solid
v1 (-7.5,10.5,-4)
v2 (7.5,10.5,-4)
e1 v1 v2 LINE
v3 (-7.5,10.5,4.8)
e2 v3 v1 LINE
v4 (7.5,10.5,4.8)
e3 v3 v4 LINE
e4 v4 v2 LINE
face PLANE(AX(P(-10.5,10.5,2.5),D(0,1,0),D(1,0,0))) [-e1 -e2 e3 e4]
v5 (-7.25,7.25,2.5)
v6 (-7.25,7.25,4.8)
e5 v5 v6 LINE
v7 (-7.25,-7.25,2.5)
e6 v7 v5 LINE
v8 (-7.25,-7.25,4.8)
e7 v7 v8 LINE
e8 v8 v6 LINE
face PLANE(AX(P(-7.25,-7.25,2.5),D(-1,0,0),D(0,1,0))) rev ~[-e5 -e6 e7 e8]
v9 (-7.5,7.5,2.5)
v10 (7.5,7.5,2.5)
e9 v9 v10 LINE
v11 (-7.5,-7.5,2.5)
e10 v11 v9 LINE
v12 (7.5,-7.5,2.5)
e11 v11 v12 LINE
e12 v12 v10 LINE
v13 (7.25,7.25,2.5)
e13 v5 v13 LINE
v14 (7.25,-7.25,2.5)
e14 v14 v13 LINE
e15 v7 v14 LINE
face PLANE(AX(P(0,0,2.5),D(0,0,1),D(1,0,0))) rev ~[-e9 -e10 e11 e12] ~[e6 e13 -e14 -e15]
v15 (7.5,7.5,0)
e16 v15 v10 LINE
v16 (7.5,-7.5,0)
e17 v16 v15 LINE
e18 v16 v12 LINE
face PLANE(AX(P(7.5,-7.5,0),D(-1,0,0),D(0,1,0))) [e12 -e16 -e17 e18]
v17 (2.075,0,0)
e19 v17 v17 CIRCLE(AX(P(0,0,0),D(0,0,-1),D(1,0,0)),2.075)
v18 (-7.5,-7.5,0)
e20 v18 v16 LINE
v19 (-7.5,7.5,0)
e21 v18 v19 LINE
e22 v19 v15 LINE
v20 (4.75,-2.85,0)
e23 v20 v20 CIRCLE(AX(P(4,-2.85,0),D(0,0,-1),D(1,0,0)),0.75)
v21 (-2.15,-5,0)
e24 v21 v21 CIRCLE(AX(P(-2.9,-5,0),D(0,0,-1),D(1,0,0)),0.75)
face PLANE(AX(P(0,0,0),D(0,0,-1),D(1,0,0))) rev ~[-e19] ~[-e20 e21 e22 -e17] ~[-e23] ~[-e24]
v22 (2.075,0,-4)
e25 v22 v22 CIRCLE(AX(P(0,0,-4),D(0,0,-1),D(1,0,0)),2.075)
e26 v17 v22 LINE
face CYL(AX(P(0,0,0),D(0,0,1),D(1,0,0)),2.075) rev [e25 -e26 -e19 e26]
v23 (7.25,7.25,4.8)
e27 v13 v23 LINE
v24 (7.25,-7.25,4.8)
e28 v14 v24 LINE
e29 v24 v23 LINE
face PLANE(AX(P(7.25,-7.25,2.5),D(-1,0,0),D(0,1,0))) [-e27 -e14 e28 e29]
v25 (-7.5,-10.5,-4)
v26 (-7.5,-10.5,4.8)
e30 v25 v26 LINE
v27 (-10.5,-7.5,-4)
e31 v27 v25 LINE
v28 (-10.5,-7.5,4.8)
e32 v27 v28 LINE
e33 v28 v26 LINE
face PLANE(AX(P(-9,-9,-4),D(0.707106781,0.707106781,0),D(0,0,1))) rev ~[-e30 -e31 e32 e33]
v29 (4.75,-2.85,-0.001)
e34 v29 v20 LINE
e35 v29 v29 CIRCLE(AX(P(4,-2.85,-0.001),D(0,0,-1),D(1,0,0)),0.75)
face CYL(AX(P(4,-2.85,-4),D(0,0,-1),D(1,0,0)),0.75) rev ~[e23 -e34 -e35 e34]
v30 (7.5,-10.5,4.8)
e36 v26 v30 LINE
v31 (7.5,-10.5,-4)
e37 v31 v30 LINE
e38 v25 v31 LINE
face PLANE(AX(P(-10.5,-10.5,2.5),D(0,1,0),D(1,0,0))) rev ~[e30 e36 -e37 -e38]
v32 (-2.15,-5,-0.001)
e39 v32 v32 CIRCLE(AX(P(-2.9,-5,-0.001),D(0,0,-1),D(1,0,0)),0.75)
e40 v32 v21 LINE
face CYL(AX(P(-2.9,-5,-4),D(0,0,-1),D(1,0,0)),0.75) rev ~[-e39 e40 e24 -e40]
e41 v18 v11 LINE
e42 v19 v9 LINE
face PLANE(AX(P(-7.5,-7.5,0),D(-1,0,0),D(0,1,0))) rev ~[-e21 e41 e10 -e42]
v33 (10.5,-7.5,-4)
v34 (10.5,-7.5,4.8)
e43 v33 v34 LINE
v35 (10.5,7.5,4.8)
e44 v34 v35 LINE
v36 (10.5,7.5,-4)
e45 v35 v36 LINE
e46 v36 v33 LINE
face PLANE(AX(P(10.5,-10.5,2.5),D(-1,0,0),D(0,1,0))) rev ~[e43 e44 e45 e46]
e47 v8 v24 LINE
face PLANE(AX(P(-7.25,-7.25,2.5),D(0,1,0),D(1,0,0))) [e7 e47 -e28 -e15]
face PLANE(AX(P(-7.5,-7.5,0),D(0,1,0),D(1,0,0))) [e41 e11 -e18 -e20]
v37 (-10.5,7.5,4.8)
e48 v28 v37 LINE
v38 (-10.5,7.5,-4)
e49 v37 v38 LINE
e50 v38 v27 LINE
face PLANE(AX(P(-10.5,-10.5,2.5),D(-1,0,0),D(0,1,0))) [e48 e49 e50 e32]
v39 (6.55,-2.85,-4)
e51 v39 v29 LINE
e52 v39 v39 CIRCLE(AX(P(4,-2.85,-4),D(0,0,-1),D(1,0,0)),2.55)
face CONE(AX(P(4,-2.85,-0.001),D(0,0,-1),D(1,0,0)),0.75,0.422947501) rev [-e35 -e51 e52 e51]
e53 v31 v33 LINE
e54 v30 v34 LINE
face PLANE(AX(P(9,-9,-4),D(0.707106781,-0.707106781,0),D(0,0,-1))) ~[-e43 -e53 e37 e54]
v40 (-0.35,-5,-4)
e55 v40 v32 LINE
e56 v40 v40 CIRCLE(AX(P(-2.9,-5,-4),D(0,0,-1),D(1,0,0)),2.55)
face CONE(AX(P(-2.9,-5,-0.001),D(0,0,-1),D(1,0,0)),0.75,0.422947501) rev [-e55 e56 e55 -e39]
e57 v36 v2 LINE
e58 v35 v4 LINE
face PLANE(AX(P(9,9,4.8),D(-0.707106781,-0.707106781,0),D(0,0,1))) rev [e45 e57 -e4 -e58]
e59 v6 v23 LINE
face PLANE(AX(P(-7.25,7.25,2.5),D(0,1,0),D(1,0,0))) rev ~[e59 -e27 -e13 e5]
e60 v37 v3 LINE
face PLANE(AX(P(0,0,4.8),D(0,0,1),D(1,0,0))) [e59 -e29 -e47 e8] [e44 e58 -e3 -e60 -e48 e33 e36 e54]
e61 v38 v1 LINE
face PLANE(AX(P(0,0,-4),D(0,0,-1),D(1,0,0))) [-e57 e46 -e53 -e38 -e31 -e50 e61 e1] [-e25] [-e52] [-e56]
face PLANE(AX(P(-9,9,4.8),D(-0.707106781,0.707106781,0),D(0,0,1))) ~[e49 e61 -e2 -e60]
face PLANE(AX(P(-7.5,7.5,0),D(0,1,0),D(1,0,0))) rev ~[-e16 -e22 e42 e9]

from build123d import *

# Parameters (mm, degrees)
SKETCH_W         = 21
SKETCH_H         = 21
SKETCH_W_2       = 15
SKETCH_H_2       = 15
PAD_DEPTH        = 2.5
SKETCH001_W      = 21
SKETCH001_H      = 21
SKETCH001_R      = 2.075
PAD001_DEPTH     = 4
SKETCH002_W      = 21
SKETCH002_H      = 21
SKETCH002_W_2    = 14.5
SKETCH002_H_2    = 14.5
PAD002_DEPTH     = 2.3
CHAMFER_SIZE     = 3
SKETCH003_R      = 0.75
POCKET_DEPTH     = 8.801
CHAMFER001_SIZE2 = 3.999
CHAMFER001_SIZE  = 1.8


with BuildPart() as part:
    # Sketch → Pad (new body)
    with BuildSketch(Plane.XY):
        Rectangle(SKETCH_W, SKETCH_H)
        Rectangle(SKETCH_W_2, SKETCH_H_2, mode=Mode.SUBTRACT)
    extrude(amount=PAD_DEPTH)

    # Sketch001 (on Face9 of Pad) → Pad001 (join)
    with BuildSketch(Plane(origin=(0, 0, 0), x_dir=(1, 0, 0), z_dir=(0, 0, -1))):
        Rectangle(SKETCH001_W, SKETCH001_H)
        Circle(SKETCH001_R, mode=Mode.SUBTRACT)
    extrude(amount=PAD001_DEPTH)

    # Sketch002 (on Face5 of Pad001) → Pad002 (join)
    with BuildSketch(Plane.XY.offset(2.5)):
        Rectangle(SKETCH002_W, SKETCH002_H)
        Rectangle(SKETCH002_W_2, SKETCH002_H_2, mode=Mode.SUBTRACT)
    extrude(amount=PAD002_DEPTH)

    # Chamfer
    chamfer_edges = [part.edges().sort_by_distance(p)[0] for p in [
        (-10.5, -10.5, -2),
        (10.5, -10.5, -2),
        (10.5, 10.5, -2),
        (-10.5, 10.5, -2),
    ]]
    chamfer(chamfer_edges, length=CHAMFER_SIZE)

    # Sketch003 (on Face8 of Chamfer) → Pocket (cut, through all)
    with BuildSketch(Plane(origin=(0, 0, -4), x_dir=(1, 0, 0), z_dir=(0, 0, -1))):
        with Locations((4, 2.85)):
            Circle(SKETCH003_R)
        with Locations((-2.9, 5)):
            Circle(SKETCH003_R)
    extrude(amount=-POCKET_DEPTH, mode=Mode.SUBTRACT)

    # Chamfer001
    chamfer001_edges = [part.edges().sort_by_distance(p)[0] for p in [
        (3.25, -2.85, -4),
        (-3.65, -5, -4),
    ]]
    chamfer001_side = part.faces().sort_by_distance((0, -10.203015, -4))[0]
    chamfer(chamfer001_edges, length=CHAMFER001_SIZE, length2=CHAMFER001_SIZE2, reference=chamfer001_side)


solid = part.part
